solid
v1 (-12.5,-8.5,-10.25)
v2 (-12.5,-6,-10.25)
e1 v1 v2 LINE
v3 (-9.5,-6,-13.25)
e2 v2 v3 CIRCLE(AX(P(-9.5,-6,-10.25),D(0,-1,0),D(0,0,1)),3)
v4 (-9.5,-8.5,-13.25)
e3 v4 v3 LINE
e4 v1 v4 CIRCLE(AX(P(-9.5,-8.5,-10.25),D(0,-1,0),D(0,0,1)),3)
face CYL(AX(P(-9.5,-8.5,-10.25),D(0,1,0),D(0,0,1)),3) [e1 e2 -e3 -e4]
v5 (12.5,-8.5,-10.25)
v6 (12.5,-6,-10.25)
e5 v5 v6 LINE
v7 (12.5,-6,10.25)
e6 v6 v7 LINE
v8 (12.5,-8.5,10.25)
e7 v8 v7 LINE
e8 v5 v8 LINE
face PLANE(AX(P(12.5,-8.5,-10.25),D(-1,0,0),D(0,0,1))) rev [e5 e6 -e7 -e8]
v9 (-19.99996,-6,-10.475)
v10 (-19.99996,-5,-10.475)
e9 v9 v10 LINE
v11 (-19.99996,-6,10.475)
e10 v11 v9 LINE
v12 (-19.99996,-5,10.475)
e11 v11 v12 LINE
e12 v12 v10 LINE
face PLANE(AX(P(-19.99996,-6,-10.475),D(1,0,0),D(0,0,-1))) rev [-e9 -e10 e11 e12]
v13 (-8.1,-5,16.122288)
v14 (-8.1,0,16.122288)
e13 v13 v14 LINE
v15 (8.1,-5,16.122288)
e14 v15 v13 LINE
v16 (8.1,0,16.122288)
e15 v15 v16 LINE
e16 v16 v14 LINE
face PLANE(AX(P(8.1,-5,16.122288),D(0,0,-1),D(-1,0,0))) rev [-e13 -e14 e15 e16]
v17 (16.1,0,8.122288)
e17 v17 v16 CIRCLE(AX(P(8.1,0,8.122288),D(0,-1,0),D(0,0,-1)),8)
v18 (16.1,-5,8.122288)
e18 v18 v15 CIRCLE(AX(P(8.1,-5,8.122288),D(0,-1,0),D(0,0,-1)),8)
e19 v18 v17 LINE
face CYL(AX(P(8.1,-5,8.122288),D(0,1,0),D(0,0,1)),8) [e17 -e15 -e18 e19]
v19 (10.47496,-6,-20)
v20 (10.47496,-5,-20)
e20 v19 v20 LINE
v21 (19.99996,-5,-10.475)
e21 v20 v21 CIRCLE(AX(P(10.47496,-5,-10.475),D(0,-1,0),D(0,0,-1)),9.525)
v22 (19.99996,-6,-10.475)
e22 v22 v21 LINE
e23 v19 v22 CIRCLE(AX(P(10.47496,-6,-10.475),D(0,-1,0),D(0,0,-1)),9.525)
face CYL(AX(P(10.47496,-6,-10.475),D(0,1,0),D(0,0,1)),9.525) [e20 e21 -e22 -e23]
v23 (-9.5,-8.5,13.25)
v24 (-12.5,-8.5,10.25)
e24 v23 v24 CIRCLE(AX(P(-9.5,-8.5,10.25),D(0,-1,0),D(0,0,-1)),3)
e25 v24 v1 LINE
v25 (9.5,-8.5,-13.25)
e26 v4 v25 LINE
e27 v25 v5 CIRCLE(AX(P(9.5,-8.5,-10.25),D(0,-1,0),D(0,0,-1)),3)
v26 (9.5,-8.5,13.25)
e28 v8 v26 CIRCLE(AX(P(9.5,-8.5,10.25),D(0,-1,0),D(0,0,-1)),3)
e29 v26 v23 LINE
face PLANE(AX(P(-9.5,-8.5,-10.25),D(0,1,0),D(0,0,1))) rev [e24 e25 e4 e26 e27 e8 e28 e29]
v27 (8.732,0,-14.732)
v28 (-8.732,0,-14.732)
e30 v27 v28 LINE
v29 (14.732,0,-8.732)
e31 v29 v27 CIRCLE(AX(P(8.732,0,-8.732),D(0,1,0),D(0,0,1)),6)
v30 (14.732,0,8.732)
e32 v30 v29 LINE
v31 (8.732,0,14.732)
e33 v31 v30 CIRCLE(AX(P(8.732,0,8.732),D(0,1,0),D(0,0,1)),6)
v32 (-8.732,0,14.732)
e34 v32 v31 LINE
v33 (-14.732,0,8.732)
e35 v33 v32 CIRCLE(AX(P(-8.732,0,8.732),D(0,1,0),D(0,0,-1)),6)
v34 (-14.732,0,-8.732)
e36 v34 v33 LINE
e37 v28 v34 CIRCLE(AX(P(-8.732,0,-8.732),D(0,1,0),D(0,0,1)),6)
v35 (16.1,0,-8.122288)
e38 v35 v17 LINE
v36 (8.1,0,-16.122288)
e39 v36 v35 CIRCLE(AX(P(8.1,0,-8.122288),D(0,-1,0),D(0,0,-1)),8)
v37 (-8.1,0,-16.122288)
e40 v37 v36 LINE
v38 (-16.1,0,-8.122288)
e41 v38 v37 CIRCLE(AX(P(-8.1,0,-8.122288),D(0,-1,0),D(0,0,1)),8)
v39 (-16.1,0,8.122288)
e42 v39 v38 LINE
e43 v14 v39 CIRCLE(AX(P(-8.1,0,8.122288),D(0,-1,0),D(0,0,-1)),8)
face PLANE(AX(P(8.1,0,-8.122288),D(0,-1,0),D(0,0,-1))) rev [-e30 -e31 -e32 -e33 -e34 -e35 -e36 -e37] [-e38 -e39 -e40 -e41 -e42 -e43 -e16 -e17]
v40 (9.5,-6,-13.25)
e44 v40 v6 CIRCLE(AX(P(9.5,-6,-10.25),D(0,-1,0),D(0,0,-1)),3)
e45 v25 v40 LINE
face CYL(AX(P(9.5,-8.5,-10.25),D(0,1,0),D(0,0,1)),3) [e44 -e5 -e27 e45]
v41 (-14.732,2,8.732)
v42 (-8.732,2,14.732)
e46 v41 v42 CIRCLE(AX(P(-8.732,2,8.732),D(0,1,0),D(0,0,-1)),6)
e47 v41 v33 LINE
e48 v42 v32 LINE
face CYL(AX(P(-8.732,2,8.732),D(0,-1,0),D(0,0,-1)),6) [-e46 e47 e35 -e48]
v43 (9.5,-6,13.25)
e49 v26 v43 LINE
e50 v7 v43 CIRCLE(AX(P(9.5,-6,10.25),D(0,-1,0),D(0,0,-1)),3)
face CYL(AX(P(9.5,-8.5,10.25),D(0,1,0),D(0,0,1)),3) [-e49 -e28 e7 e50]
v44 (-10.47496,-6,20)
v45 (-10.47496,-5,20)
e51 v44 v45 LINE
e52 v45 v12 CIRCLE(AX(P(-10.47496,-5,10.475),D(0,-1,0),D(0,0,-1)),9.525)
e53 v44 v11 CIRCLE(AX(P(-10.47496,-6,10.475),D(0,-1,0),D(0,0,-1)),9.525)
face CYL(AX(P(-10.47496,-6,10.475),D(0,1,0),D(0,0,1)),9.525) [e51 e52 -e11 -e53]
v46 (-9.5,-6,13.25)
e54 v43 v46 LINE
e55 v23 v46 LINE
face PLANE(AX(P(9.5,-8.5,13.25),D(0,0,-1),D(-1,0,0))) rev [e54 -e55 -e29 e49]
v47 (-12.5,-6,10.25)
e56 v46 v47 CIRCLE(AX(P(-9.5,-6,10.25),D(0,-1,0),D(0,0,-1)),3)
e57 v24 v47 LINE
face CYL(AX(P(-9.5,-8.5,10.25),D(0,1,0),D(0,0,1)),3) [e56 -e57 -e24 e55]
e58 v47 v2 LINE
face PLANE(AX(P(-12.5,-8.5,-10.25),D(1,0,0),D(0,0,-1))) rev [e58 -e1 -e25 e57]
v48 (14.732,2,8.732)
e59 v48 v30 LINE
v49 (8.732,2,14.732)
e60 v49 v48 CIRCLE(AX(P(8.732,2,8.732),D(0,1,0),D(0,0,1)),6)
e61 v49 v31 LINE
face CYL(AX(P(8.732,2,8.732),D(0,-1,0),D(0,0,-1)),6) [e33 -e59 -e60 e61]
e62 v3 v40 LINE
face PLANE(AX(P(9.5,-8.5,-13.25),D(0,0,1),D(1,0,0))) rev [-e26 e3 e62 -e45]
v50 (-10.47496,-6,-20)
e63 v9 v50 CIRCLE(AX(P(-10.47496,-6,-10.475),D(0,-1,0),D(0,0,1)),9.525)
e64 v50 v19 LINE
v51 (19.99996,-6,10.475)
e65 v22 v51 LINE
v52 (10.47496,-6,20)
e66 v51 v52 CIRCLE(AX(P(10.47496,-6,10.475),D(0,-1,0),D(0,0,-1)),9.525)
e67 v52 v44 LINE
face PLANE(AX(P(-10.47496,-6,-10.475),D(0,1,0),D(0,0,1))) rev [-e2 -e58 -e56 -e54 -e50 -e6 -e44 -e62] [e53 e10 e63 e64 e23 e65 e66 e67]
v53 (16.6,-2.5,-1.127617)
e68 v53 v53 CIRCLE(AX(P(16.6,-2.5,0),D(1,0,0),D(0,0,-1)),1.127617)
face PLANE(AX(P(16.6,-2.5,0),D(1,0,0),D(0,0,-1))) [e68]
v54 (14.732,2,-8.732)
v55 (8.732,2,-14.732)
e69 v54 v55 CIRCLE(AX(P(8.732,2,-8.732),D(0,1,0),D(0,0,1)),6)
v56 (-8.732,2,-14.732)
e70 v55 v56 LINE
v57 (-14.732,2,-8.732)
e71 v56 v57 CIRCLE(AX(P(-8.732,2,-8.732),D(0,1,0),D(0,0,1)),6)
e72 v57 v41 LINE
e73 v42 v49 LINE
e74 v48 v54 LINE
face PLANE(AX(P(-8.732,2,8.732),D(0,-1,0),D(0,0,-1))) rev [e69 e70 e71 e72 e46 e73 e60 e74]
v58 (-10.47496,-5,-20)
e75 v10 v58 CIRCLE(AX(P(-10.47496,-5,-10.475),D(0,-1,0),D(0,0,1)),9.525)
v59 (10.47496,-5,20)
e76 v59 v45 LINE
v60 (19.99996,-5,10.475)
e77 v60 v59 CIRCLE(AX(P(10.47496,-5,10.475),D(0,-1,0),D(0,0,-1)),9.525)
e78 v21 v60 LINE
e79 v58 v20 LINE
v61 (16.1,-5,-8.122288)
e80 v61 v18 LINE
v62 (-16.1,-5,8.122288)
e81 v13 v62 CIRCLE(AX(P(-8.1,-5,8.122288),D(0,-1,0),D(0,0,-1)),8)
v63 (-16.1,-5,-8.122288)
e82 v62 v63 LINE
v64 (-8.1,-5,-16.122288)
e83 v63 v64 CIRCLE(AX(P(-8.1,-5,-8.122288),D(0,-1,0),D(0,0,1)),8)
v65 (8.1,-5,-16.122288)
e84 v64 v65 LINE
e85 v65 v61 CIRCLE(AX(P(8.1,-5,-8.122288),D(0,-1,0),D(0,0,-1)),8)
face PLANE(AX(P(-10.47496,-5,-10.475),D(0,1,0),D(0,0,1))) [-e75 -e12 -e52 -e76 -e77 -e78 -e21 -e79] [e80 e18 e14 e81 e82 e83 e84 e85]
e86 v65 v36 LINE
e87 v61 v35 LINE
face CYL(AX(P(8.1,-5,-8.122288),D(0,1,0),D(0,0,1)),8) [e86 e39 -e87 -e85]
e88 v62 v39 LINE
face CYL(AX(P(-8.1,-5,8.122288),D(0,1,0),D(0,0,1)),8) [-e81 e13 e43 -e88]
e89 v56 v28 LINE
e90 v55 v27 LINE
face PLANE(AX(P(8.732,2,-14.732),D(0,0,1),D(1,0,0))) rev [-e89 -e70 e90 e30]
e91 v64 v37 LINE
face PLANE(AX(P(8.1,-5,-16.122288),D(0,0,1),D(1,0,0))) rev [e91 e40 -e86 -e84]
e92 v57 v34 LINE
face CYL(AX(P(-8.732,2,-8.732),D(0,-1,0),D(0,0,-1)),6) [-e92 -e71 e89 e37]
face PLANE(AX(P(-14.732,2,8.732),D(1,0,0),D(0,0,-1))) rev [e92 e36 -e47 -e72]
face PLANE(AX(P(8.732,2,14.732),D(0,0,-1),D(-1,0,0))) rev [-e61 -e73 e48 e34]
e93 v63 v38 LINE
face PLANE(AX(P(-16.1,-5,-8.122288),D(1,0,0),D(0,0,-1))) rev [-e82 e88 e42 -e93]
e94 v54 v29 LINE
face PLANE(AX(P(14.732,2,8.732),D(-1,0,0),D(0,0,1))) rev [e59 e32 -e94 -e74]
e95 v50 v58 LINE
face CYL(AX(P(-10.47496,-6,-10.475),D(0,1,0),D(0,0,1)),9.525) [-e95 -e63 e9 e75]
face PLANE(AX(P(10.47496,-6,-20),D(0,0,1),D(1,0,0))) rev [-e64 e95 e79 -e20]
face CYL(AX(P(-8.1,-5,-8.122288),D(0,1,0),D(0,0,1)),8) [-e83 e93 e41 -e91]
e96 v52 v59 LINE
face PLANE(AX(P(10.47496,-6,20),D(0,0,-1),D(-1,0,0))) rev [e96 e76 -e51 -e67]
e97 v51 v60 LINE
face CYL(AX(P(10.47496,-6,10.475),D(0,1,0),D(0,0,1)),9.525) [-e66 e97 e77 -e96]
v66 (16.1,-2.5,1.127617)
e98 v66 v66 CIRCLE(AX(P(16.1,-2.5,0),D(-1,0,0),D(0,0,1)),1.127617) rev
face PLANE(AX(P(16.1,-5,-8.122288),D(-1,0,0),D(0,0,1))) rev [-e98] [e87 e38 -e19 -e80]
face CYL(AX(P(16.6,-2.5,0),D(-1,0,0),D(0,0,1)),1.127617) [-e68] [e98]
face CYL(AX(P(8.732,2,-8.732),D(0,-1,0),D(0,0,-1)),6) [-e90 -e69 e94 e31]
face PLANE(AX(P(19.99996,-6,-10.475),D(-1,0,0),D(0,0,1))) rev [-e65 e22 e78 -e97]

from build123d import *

# Parameters (mm, degrees)
BOSS_EXTRUDE1_DEPTH = 2
BOSS_EXTRUDE2_DEPTH = 5
BOSS_EXTRUDE3_DEPTH = 1
BOSS_EXTRUDE4_DEPTH = 2.5
SKETCH5_R           = 1.127617125
BOSS_EXTRUDE5_DEPTH = 0.5


with BuildPart() as part:
    # Sketch1 → Boss-Extrude1 (new body)
    with BuildSketch(Plane(origin=(0, 0, 0), x_dir=(1, 0, 0), z_dir=(0, 1, 0))):
        with BuildLine():
            Line((8.732, -14.732), (-8.732, -14.732))
            ThreePointArc((-8.732, -14.732), (-12.974640687, -12.974640687), (-14.732, -8.732))
            Line((-14.732, -8.732), (-14.732, 8.732))
            ThreePointArc((-14.732, 8.732), (-12.974640687, 12.974640687), (-8.732, 14.732))
            Line((-8.732, 14.732), (8.732, 14.732))
            ThreePointArc((8.732, 14.732), (12.974640687, 12.974640687), (14.732, 8.732))
            Line((14.732, 8.732), (14.732, -8.732))
            ThreePointArc((14.732, -8.732), (12.974640687, -12.974640687), (8.732, -14.732))
        make_face()
    extrude(amount=BOSS_EXTRUDE1_DEPTH)

    # Sketch2 → Boss-Extrude2 (add)
    with BuildSketch(Plane.XZ):
        with BuildLine():
            Line((8.1, -16.122288114), (-8.1, -16.122288114))
            ThreePointArc((-8.1, -16.122288114), (-13.756854249, -13.779142364), (-16.1, -8.122288114))
            Line((-16.1, -8.122288114), (-16.1, 8.122288114))
            ThreePointArc((-16.1, 8.122288114), (-13.756854249, 13.779142364), (-8.1, 16.122288114))
            Line((-8.1, 16.122288114), (8.1, 16.122288114))
            ThreePointArc((8.1, 16.122288114), (13.756854249, 13.779142364), (16.1, 8.122288114))
            Line((16.1, 8.122288114), (16.1, -8.122288114))
            ThreePointArc((16.1, -8.122288114), (13.756854249, -13.779142364), (8.1, -16.122288114))
        make_face()
    extrude(amount=BOSS_EXTRUDE2_DEPTH)

    # Sketch3 → Boss-Extrude3 (add)
    with BuildSketch(Plane.XZ.offset(5)):
        with BuildLine():
            Line((10.47496, -20), (-10.47496, -20))
            ThreePointArc((-10.47496, -20), (-17.210152091, -17.210192091), (-19.99996, -10.475))
            Line((-19.99996, -10.475), (-19.99996, 10.475))
            ThreePointArc((-19.99996, 10.475), (-17.210152091, 17.210192091), (-10.47496, 20))
            Line((-10.47496, 20), (10.47496, 20))
            ThreePointArc((10.47496, 20), (17.210152091, 17.210192091), (19.99996, 10.475))
            Line((19.99996, 10.475), (19.99996, -10.475))
            ThreePointArc((19.99996, -10.475), (17.210152091, -17.210192091), (10.47496, -20))
        make_face()
    extrude(amount=BOSS_EXTRUDE3_DEPTH)

    # Sketch4 → Boss-Extrude4 (add)
    with BuildSketch(Plane.XZ.offset(6)):
        with BuildLine():
            Line((9.5, -13.25), (-9.5, -13.25))
            ThreePointArc((-9.5, -13.25), (-11.621320344, -12.371320344), (-12.5, -10.25))
            Line((-12.5, -10.25), (-12.5, 10.25))
            ThreePointArc((-12.5, 10.25), (-11.621320344, 12.371320344), (-9.5, 13.25))
            Line((-9.5, 13.25), (9.5, 13.25))
            ThreePointArc((9.5, 13.25), (11.621320344, 12.371320344), (12.5, 10.25))
            Line((12.5, 10.25), (12.5, -10.25))
            ThreePointArc((12.5, -10.25), (11.621320344, -12.371320344), (9.5, -13.25))
        make_face()
    extrude(amount=BOSS_EXTRUDE4_DEPTH)

    # Sketch5 → Boss-Extrude5 (add)
    with BuildSketch(Plane(origin=(16.1, 0, 0), x_dir=(0, 0, -1), z_dir=(1, 0, 0))):
        with Locations(Location((0, -2.5, 0), (0, 0, 180))):
            Circle(SKETCH5_R)
    extrude(amount=BOSS_EXTRUDE5_DEPTH)


solid = part.part
